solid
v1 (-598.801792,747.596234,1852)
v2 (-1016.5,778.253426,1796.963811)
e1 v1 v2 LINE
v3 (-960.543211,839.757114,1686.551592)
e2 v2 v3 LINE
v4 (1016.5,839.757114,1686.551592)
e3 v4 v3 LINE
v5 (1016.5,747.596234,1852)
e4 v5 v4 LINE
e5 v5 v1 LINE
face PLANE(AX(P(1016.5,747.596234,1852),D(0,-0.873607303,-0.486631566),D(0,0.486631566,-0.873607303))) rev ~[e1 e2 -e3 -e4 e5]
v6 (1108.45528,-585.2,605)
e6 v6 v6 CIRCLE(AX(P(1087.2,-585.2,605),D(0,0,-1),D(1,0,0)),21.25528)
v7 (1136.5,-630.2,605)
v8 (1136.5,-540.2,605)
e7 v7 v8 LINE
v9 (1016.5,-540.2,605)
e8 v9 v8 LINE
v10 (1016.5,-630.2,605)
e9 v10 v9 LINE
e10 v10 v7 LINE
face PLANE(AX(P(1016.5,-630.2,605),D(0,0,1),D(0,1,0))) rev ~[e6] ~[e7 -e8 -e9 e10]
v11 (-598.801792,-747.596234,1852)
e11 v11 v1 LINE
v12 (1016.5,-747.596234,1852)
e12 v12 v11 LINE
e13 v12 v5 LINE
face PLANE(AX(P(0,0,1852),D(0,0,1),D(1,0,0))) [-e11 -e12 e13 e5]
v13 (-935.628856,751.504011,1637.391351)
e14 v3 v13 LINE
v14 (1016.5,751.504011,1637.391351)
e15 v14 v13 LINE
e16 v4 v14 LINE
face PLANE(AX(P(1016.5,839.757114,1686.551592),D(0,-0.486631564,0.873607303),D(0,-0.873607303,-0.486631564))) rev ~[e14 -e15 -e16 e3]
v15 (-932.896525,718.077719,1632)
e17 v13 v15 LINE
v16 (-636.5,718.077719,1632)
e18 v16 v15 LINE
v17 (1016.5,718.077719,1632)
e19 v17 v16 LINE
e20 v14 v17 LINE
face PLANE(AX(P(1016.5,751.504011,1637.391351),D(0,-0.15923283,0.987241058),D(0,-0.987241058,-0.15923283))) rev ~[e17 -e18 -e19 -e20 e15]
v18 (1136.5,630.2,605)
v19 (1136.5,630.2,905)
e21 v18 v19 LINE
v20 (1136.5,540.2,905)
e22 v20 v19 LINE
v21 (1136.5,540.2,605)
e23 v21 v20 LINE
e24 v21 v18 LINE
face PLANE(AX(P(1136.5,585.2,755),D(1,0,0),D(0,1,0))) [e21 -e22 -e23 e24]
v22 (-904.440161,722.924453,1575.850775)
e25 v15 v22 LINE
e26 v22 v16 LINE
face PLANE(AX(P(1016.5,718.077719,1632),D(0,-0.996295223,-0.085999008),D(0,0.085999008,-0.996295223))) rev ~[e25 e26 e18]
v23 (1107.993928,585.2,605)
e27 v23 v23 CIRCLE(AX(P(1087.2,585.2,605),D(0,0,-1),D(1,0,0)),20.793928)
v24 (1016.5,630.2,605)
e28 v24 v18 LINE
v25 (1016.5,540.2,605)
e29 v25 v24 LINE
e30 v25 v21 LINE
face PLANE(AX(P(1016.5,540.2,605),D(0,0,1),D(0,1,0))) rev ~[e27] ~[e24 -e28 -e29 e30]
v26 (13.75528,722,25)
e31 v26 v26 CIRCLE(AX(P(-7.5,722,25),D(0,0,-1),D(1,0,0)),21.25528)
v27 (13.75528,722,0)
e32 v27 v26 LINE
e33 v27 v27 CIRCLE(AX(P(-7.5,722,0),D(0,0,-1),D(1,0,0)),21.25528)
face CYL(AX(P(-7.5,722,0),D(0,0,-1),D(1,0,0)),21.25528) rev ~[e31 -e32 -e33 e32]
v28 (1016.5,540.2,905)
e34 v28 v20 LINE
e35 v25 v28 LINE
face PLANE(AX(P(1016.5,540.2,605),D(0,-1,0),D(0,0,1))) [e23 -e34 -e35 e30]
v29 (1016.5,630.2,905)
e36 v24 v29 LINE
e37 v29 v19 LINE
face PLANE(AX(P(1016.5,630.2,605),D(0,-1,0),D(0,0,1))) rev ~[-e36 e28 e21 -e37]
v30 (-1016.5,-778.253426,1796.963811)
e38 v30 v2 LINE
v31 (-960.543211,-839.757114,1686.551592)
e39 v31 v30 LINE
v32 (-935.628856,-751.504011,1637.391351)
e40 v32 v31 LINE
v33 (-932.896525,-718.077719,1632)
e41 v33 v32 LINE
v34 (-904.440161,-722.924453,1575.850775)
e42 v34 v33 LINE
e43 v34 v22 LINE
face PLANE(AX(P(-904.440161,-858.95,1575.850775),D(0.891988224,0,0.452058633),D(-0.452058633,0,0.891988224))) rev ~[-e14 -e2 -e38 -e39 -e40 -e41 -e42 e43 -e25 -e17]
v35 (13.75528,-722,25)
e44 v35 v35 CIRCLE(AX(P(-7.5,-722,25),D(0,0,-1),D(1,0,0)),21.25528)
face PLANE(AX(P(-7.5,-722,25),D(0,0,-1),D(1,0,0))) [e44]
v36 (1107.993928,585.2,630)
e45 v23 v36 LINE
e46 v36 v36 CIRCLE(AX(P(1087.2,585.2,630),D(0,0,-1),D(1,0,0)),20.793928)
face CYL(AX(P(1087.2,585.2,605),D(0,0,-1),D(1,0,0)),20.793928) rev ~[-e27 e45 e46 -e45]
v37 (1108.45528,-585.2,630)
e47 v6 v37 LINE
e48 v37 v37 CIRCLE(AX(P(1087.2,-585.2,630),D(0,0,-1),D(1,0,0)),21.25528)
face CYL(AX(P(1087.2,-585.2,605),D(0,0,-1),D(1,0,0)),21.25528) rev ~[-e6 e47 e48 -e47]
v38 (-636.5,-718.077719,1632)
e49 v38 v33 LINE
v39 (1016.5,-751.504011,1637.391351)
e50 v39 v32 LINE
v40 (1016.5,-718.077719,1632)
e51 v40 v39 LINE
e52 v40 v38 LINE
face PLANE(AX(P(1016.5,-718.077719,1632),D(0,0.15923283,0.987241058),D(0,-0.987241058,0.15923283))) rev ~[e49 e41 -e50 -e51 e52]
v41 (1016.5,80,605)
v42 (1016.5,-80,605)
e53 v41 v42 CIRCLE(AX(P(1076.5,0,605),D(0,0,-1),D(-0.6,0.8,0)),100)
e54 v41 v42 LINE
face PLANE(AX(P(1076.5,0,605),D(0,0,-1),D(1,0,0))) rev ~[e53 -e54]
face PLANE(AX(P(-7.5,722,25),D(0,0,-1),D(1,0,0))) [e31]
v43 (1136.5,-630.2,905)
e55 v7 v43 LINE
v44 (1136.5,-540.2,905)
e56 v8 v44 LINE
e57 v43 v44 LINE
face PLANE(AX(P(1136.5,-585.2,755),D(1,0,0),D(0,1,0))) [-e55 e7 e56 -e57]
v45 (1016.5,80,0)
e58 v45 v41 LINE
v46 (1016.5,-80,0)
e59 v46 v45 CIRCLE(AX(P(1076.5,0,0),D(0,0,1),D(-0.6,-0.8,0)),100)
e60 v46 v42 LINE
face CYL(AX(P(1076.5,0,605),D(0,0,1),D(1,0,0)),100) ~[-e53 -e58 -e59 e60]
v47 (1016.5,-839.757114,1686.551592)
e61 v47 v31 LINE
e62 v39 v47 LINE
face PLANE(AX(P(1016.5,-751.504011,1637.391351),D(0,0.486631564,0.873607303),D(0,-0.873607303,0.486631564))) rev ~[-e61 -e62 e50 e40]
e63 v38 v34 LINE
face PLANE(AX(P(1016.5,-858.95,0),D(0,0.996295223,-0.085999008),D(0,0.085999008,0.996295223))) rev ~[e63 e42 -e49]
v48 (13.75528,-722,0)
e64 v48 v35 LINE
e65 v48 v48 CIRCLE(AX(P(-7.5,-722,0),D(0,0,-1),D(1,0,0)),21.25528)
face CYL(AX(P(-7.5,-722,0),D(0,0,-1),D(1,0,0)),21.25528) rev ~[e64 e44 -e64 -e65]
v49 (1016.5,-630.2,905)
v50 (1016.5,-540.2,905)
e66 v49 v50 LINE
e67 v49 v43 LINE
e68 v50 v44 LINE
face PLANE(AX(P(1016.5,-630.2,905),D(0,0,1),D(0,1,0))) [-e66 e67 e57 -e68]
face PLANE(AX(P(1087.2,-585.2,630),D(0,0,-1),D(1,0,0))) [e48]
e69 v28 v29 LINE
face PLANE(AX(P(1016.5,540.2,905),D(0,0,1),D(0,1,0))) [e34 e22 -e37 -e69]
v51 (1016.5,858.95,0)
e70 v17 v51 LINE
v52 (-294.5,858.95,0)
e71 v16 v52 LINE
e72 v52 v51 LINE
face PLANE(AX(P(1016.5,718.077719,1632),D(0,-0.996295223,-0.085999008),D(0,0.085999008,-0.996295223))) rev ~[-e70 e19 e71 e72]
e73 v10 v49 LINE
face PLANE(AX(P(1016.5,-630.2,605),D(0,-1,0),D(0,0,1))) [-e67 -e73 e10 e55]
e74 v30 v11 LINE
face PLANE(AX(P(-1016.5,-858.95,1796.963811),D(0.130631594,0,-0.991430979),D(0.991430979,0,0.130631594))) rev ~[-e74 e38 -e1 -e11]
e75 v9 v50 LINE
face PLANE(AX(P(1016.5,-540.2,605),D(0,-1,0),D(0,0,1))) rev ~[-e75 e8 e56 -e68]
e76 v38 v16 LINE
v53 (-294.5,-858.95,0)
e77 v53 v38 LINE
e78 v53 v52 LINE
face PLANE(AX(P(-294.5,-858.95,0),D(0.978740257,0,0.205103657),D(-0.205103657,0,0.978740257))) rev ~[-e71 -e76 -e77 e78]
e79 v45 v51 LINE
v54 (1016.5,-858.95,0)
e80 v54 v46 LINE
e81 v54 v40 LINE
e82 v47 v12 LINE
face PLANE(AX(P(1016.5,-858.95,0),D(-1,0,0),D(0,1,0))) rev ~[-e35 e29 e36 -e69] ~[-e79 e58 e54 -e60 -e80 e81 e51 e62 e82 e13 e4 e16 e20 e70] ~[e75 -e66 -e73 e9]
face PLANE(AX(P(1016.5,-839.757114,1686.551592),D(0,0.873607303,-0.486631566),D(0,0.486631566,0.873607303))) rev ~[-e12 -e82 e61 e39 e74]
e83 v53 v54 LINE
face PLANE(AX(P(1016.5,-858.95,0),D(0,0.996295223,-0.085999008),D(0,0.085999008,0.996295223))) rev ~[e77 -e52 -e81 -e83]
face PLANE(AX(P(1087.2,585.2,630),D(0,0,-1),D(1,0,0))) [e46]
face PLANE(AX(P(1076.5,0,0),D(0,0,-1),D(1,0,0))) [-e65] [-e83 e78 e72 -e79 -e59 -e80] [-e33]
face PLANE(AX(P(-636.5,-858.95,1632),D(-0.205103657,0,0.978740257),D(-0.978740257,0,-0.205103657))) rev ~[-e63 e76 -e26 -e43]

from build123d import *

# Parameters (mm, degrees)
F0_W      = 2033
F0_H      = 1717.9
F1_DEPTH  = 1852
F3_DEPTH  = 1717.901
F5_DEPTH  = 2033.001
F6_W      = 90
F6_H      = 300
F7_DEPTH  = 120
F8_R      = 20.793928
F8_R_2    = 21.25528
F9_DEPTH  = 25
F10_R     = 21.25528
F11_DEPTH = 25
F12_R     = 100
F13_DEPTH = 605


with BuildPart() as f1:
    # F0 (on Top) → F1 (new body)
    with BuildSketch(Plane.XY):
        Rectangle(F0_W, F0_H)
    extrude(amount=F1_DEPTH)

    # F2 (on face) → F3 (cut, through all)
    with BuildSketch(Plane.XZ.offset(858.95)):
        Polygon((-1016.5, 0), (-294.5, 0), (-636.5, 1632), (-904.440161, 1575.850775), (-1016.5, 1796.963811), align=None)
        Polygon((-1016.5, 1852), (-1016.5, 1796.963811), (-598.801792, 1852), align=None)
    extrude(amount=-F3_DEPTH, mode=Mode.SUBTRACT)

    # F4 (on face) → F5 (cut, through all)
    with BuildSketch(Plane.YZ.offset(1016.5)):
        Polygon((-858.95, 1852), (-858.95, 0), (-718.077719, 1632), (-751.504011, 1637.391351), (-839.757114, 1686.551592), (-747.596234, 1852), align=None)
        Polygon((718.077719, 1632), (858.95, 0), (858.95, 1852), (747.596234, 1852), (839.757114, 1686.551592), (751.504011, 1637.391351), align=None)
    extrude(amount=-F5_DEPTH, mode=Mode.SUBTRACT)

    # F6 (on face) → F7 (join)
    with BuildSketch(Plane.YZ.offset(1016.5)):
        with Locations((-585.2, 755)):
            Rectangle(F6_W, F6_H)
        with Locations((585.2, 755)):
            Rectangle(F6_W, F6_H)
    extrude(amount=F7_DEPTH)

    # F8 (on face) → F9 (cut)
    with BuildSketch(Plane(origin=(0, 0, 605), x_dir=(1, 0, 0), z_dir=(0, 0, -1))):
        with Locations((1087.2, -585.2)):
            Circle(F8_R)
        with Locations((1087.2, 585.2)):
            Circle(F8_R_2)
    extrude(amount=-F9_DEPTH, mode=Mode.SUBTRACT)

    # F10 (on face) → F11 (cut)
    with BuildSketch(Plane(origin=(0, 0, 0), x_dir=(1, 0, 0), z_dir=(0, 0, -1))):
        with Locations((-7.5, 722)):
            Circle(F10_R)
        with Locations((-7.5, -722)):
            Circle(F10_R)
    extrude(amount=-F11_DEPTH, mode=Mode.SUBTRACT)

    # F12 (on face) → F13 (join, through all)
    with BuildSketch(Plane(origin=(0, 0, 605), x_dir=(1, 0, 0), z_dir=(0, 0, -1))):
        with Locations((1076.5, 0)):
            Circle(F12_R)
    extrude(amount=F13_DEPTH)


solid = f1.part
